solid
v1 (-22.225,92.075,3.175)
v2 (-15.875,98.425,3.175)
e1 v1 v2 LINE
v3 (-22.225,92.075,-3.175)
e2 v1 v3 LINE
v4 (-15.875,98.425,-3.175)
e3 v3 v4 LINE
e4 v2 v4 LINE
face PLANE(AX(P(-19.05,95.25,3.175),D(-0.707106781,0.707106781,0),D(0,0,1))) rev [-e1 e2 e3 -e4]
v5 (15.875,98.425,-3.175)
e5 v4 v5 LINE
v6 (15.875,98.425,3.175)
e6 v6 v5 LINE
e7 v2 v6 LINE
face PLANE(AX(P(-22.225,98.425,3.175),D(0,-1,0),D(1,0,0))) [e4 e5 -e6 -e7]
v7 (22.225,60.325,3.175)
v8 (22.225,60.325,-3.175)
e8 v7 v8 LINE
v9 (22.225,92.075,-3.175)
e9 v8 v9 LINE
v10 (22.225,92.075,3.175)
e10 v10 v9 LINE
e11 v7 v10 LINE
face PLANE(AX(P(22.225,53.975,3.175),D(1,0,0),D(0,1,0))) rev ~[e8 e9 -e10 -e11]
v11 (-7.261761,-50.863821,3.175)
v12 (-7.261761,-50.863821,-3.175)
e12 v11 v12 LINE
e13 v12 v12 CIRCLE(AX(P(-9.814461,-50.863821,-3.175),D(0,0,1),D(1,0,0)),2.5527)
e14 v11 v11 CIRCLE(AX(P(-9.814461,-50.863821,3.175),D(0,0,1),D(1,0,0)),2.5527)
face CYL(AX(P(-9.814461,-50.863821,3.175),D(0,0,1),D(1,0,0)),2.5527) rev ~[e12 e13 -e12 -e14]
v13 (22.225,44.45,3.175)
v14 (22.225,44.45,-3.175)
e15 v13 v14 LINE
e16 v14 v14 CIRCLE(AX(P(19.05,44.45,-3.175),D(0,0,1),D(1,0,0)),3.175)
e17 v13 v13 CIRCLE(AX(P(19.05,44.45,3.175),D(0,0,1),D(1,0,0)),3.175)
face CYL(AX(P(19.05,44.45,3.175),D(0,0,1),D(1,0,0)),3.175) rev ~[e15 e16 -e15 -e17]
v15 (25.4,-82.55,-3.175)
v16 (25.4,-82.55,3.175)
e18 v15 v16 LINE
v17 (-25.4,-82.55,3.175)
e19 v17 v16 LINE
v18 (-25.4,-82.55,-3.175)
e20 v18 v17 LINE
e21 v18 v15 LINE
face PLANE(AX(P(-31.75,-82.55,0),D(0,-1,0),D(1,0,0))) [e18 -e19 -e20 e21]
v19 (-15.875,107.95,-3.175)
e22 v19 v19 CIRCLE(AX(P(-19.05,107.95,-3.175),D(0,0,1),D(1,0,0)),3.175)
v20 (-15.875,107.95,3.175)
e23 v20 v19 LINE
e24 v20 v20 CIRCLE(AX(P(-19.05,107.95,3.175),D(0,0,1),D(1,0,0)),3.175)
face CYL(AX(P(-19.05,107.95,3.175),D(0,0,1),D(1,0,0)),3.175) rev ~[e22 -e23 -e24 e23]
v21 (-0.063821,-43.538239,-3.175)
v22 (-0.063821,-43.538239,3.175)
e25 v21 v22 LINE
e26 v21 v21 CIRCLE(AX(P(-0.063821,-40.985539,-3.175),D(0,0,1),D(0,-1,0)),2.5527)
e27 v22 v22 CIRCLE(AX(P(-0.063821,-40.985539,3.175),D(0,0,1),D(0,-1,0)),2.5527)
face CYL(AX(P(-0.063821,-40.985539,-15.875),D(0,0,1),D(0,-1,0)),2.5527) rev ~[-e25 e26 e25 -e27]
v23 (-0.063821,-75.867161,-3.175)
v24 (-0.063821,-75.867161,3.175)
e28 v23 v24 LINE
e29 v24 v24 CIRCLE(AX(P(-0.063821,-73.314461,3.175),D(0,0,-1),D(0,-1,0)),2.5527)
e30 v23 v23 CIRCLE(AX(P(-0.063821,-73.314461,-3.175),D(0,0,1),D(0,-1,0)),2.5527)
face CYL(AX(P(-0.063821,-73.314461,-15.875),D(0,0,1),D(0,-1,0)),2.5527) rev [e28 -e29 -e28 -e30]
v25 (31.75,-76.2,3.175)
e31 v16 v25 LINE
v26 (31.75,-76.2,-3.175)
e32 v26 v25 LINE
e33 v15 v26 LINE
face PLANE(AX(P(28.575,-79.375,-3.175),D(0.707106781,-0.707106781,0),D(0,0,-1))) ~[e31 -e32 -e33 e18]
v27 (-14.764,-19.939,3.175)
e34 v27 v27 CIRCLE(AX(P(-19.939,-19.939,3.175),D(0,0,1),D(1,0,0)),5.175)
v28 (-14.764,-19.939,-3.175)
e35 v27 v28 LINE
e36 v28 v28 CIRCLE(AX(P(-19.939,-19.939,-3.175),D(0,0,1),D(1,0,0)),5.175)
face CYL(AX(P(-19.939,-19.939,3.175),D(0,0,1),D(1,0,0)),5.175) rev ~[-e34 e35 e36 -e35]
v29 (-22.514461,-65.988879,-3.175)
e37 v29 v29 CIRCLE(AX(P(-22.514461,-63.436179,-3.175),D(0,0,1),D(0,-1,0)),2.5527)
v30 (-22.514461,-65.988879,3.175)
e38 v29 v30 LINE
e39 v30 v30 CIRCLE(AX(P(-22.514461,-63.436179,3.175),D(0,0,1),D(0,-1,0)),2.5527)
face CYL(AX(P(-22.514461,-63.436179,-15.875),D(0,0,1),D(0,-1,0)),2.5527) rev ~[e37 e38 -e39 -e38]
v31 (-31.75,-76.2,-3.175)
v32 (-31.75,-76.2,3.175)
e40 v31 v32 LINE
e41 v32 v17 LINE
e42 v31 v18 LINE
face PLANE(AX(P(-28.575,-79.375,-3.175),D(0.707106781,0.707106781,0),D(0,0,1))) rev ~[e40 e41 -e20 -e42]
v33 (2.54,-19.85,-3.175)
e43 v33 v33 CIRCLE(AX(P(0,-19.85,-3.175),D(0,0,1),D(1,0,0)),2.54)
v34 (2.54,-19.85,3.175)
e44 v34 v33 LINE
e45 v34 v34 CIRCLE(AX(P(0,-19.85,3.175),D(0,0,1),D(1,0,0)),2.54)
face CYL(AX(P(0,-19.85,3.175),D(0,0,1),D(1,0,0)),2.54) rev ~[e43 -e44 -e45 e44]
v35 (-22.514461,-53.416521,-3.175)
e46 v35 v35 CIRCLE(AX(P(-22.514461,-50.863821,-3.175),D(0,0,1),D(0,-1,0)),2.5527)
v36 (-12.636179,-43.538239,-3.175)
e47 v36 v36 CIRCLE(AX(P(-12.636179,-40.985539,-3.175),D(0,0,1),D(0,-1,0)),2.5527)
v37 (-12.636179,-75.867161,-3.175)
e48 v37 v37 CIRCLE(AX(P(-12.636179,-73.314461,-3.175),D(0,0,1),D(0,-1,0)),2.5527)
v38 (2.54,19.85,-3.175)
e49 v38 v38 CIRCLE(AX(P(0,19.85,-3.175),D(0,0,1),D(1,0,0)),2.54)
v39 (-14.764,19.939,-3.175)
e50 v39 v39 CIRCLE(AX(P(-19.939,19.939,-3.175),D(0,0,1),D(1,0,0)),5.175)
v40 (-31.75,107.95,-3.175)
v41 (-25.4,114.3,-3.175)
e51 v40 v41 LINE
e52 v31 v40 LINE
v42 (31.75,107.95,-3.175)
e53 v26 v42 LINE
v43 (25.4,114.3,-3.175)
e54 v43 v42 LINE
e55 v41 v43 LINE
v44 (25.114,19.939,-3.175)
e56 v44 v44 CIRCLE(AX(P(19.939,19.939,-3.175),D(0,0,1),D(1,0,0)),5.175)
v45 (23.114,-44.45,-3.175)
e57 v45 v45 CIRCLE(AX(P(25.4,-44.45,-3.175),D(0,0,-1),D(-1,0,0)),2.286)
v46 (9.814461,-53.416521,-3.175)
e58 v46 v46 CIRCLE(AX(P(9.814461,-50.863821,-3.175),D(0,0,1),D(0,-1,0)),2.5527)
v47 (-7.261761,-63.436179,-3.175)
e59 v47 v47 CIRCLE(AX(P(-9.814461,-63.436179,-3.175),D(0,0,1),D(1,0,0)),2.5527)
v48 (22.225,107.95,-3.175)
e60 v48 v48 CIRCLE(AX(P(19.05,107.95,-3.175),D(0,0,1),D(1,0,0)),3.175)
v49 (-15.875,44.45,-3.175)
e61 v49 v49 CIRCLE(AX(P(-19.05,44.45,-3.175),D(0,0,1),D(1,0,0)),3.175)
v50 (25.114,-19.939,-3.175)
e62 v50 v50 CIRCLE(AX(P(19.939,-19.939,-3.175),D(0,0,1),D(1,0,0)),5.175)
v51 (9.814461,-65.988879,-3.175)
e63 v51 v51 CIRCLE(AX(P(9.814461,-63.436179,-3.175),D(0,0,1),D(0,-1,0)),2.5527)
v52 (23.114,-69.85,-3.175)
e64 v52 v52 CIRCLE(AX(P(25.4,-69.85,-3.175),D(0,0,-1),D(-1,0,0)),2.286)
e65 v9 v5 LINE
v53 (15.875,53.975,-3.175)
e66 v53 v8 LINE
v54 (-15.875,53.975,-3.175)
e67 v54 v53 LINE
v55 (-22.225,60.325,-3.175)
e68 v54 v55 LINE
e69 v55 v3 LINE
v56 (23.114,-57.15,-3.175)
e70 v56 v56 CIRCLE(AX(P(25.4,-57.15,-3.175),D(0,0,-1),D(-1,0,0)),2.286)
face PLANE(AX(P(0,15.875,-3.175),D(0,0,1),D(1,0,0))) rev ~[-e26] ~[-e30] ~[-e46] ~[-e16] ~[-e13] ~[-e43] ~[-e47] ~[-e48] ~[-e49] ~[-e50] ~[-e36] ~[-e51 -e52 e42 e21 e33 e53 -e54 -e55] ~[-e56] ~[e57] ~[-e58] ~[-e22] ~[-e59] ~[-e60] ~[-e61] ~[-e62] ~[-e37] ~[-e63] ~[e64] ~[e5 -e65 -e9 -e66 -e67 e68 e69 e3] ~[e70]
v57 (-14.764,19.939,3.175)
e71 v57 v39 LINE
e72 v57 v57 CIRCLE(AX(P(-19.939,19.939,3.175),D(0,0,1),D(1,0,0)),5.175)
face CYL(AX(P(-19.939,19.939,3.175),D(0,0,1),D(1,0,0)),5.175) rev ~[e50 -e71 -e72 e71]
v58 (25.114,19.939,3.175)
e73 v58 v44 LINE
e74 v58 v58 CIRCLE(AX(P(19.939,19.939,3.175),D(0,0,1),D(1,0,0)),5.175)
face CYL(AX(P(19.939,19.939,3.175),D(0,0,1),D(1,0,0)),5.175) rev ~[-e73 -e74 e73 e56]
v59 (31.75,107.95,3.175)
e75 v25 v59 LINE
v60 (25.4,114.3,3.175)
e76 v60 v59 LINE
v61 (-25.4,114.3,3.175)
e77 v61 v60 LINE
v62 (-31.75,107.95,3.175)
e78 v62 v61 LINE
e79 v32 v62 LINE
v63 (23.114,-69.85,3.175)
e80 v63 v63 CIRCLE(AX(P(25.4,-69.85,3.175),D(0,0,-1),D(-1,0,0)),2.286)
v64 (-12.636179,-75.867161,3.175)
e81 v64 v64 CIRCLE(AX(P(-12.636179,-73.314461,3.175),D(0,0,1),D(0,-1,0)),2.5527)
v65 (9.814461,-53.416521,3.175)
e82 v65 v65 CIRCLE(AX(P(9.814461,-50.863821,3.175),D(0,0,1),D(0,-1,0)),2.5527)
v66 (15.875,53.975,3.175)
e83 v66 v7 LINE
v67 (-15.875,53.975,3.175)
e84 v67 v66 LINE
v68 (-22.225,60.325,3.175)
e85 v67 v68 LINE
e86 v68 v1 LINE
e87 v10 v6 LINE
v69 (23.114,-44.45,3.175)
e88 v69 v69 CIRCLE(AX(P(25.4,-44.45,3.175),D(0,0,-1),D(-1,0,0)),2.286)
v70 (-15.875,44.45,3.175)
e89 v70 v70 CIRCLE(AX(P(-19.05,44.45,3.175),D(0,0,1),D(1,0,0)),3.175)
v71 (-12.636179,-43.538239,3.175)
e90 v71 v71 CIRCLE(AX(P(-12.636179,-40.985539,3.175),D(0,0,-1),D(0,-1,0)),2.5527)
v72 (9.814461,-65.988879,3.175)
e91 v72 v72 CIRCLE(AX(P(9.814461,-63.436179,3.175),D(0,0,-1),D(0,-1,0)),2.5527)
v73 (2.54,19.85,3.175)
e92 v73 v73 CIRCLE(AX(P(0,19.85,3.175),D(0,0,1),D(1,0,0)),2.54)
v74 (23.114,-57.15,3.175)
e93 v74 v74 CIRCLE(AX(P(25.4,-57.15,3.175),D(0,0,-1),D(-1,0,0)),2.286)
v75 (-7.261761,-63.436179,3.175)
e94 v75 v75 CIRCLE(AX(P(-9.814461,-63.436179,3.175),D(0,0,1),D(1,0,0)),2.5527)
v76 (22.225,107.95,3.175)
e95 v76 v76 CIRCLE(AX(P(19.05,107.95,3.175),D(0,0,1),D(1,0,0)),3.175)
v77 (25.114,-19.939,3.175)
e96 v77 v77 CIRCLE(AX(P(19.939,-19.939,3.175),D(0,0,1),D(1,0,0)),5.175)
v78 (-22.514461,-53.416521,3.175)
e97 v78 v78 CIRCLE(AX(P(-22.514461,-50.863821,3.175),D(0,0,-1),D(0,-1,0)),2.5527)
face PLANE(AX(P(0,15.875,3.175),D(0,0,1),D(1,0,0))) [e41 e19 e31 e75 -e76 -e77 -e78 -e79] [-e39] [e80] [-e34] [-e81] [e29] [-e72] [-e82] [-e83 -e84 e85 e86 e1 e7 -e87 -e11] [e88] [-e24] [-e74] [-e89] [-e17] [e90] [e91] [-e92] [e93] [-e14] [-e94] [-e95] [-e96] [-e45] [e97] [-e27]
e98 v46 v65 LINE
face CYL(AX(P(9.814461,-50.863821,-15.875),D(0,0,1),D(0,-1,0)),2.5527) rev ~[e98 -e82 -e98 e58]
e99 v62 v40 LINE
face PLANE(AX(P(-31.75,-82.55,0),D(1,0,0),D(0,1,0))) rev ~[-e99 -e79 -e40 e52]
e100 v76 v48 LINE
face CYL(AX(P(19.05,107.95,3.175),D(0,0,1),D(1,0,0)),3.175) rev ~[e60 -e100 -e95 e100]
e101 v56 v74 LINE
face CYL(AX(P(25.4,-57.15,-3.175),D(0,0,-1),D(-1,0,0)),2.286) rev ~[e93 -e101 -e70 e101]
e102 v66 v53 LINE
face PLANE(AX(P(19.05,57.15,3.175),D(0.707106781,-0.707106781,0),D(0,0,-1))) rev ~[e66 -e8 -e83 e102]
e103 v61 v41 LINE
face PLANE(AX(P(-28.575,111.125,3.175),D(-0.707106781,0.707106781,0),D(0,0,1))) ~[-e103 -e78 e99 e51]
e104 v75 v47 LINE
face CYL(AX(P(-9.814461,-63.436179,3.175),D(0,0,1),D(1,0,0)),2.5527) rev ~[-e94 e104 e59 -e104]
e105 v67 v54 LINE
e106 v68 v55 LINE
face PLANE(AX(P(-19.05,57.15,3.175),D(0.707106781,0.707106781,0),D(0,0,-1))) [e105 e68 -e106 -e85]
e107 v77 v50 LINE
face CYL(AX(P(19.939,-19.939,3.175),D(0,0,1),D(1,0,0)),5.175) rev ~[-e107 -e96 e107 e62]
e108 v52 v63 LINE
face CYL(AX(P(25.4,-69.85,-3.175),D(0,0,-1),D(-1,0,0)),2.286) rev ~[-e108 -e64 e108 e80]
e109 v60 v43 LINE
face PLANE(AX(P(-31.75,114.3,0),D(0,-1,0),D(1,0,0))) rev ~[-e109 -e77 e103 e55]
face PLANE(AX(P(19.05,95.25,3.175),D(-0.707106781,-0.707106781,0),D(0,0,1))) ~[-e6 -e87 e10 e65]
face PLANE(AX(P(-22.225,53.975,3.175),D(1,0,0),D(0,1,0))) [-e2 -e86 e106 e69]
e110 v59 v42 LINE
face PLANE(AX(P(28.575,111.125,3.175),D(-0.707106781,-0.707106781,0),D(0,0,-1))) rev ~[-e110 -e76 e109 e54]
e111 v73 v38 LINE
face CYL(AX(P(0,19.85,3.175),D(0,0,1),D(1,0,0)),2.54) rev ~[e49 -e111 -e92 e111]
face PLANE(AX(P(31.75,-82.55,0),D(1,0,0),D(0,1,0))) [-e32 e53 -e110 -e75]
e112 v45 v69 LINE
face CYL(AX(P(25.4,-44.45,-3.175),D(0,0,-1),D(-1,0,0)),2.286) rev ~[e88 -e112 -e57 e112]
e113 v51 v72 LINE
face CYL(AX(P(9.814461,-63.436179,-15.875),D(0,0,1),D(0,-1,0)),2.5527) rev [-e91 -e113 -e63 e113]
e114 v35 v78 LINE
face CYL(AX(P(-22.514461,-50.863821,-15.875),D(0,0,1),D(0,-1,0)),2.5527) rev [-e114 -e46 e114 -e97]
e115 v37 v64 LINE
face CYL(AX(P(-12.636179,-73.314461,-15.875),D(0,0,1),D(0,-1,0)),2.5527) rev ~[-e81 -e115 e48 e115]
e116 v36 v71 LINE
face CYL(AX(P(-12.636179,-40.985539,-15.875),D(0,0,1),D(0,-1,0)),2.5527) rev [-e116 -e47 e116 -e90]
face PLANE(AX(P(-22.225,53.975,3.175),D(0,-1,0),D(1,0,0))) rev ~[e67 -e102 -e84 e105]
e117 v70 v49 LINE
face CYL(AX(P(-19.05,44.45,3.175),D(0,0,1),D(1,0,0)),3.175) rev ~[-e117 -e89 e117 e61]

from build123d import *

# Parameters (mm, degrees)
SKETCH1_W                       = 63.5
SKETCH1_H                       = 196.85
BOSS_EXTRUDE1_DEPTH             = 3.175
SKETCH2_R                       = 2.54
SKETCH2_R_2                     = 5.175
CUT_EXTRUDE1_DEPTH              = 119.79762203
SKETCH3_W                       = 44.45
SKETCH3_H                       = 44.45
CUT_EXTRUDE2_DEPTH              = 119.79762203
SKETCH4_R                       = 3.175
CUT_EXTRUDE3_DEPTH              = 119.79762203
CHAMFER1_SIZE                   = 6.35
SKETCH5_R                       = 2.286
CUT_EXTRUDE4_DEPTH              = 119.79762203
F_10_CLEARANCE_HOLE1_AT_2_COUNT = 2
F_10_CLEARANCE_HOLE1_AT_2_PITCH = 13.97
F_10_CLEARANCE_HOLE1_AT_3_COUNT = 2
F_10_CLEARANCE_HOLE1_AT_3_PITCH = 34.687510721
F_10_CLEARANCE_HOLE1_AT_4_COUNT = 2
F_10_CLEARANCE_HOLE1_AT_4_PITCH = 31.75
SKETCH9_R                       = 2.5527
CUT_EXTRUDE6_DEPTH              = 119.79762203


with BuildPart() as part:
    # Sketch1 → Boss-Extrude1 (new, symmetric)
    with BuildSketch(Plane.XY):
        with Locations((0, 15.875)):
            Rectangle(SKETCH1_W, SKETCH1_H)
    extrude(amount=BOSS_EXTRUDE1_DEPTH, both=True)

    # Sketch2 → Cut-Extrude1 (cut, through all)
    with BuildSketch(Plane.XY.offset(3.175)):
        with Locations((0, 19.85)):
            Circle(SKETCH2_R)
        with Locations((0, -19.85)):
            Circle(SKETCH2_R)
        with Locations((-19.939, 19.939)):
            Circle(SKETCH2_R_2)
        with Locations((19.939, 19.939)):
            Circle(SKETCH2_R_2)
        with Locations((19.939, -19.939)):
            Circle(SKETCH2_R_2)
        with Locations((-19.939, -19.939)):
            Circle(SKETCH2_R_2)
    extrude(amount=-CUT_EXTRUDE1_DEPTH, mode=Mode.SUBTRACT)

    # Sketch3 → Cut-Extrude2 (cut, through all)
    with BuildSketch(Plane.XY.offset(3.175)):
        with Locations((0, 76.2)):
            Rectangle(SKETCH3_W, SKETCH3_H)
    extrude(amount=-CUT_EXTRUDE2_DEPTH, mode=Mode.SUBTRACT)

    # Sketch4 → Cut-Extrude3 (cut, through all)
    with BuildSketch(Plane.XY.offset(3.175)):
        with Locations((-19.05, 107.95)):
            Circle(SKETCH4_R)
        with Locations((19.05, 107.95)):
            Circle(SKETCH4_R)
        with Locations((19.05, 44.45)):
            Circle(SKETCH4_R)
        with Locations((-19.05, 44.45)):
            Circle(SKETCH4_R)
    extrude(amount=-CUT_EXTRUDE3_DEPTH, mode=Mode.SUBTRACT)

    # Chamfer1
    chamfer1_edges = [part.edges().sort_by_distance(p)[0] for p in [
        (31.75, -82.55, 0),
        (-31.75, -82.55, 0),
        (31.75, 114.3, 0),
        (-31.75, 114.3, 0),
        (-22.225, 53.975, 0),
        (22.225, 53.975, 0),
        (22.225, 98.425, 0),
        (-22.225, 98.425, 0),
    ]]
    chamfer(chamfer1_edges, length=CHAMFER1_SIZE)

    # Sketch5 → Cut-Extrude4 (cut, through all)
    with BuildSketch(Plane(origin=(0, 0, -3.175), x_dir=(-1, 0, 0), z_dir=(0, 0, -1))):
        with Locations((-25.4, -44.45)):
            Circle(SKETCH5_R)
        with Locations((-25.4, -57.15)):
            Circle(SKETCH5_R)
        with Locations((-25.4, -69.85)):
            Circle(SKETCH5_R)
    extrude(amount=-CUT_EXTRUDE4_DEPTH, mode=Mode.SUBTRACT)

    # Sketch8 → #10 Clearance Hole1 (revolve, cut)
    with BuildSketch(Plane(origin=(-22.514461018, -50.863820715, 3.175), x_dir=(0, -1, 0), z_dir=(1, 0, 0))):
        Polygon((0, 0), (0, 20.583816902), (2.5527, 19.05), (2.5527, 0), align=None)
    f_10_clearance_hole1 = revolve(axis=Axis((-22.514461018, -50.863820715, 9.525), (0, 0, -1)), mode=Mode.SUBTRACT)

    # #10 Clearance Hole1 at 2: #10 Clearance Hole1 ×2
    with Locations(*[Vector(0.7071067811865487, 0.7071067811865465, 0) * (i * F_10_CLEARANCE_HOLE1_AT_2_PITCH) for i in range(1, F_10_CLEARANCE_HOLE1_AT_2_COUNT)]):
        add(f_10_clearance_hole1, mode=Mode.SUBTRACT)

    # #10 Clearance Hole1 at 3: #10 Clearance Hole1 ×2
    with Locations(*[Vector(0.9320046715412955, -0.3624462611549497, 0) * (i * F_10_CLEARANCE_HOLE1_AT_3_PITCH) for i in range(1, F_10_CLEARANCE_HOLE1_AT_3_COUNT)]):
        add(f_10_clearance_hole1, mode=Mode.SUBTRACT)

    # #10 Clearance Hole1 at 4: #10 Clearance Hole1 ×2
    with Locations(*[Vector(0.7071067811865464, -0.7071067811865488, 0) * (i * F_10_CLEARANCE_HOLE1_AT_4_PITCH) for i in range(1, F_10_CLEARANCE_HOLE1_AT_4_COUNT)]):
        add(f_10_clearance_hole1, mode=Mode.SUBTRACT)

    # Mirror1: #10 Clearance Hole1 across plane
    add(f_10_clearance_hole1.mirror(Plane.ZY.offset(6.35)), mode=Mode.SUBTRACT)

    # Mirror1 copy 1 sketch → Mirror1 copy 1 (revolve, cut)
    with BuildSketch(Plane(origin=(-0.063820715, -40.985538982, 3.175), x_dir=(0, -1, 0), z_dir=(-1, 0, 0))):
        Polygon((0, 0), (0, -20.583816902), (2.5527, -19.05), (2.5527, 0), align=None)
    revolve(axis=Axis((-0.063820715, -40.985538982, 9.525), (0, 0, 1)), mode=Mode.SUBTRACT)

    # Mirror1 copy 2 sketch → Mirror1 copy 2 (revolve, cut)
    with BuildSketch(Plane(origin=(-22.514461018, -63.436179285, 3.175), x_dir=(0, -1, 0), z_dir=(-1, 0, 0))):
        Polygon((0, 0), (0, -20.583816902), (2.5527, -19.05), (2.5527, 0), align=None)
    revolve(axis=Axis((-22.514461018, -63.436179285, 9.525), (0, 0, 1)), mode=Mode.SUBTRACT)

    # Mirror1 copy 3 sketch → Mirror1 copy 3 (revolve, cut)
    with BuildSketch(Plane(origin=(-12.636179285, -73.314461018, 3.175), x_dir=(0, -1, 0), z_dir=(-1, 0, 0))):
        Polygon((0, 0), (0, -20.583816902), (2.5527, -19.05), (2.5527, 0), align=None)
    revolve(axis=Axis((-12.636179285, -73.314461018, 9.525), (0, 0, 1)), mode=Mode.SUBTRACT)

    # Sketch9 → Cut-Extrude6 (cut, through all)
    with BuildSketch(Plane.XY.offset(3.175)):
        with Locations((-9.814461018, -50.863820715)):
            Circle(SKETCH9_R)
        with Locations((-9.814461018, -63.436179285)):
            Circle(SKETCH9_R)
    extrude(amount=-CUT_EXTRUDE6_DEPTH, mode=Mode.SUBTRACT)


solid = part.part
